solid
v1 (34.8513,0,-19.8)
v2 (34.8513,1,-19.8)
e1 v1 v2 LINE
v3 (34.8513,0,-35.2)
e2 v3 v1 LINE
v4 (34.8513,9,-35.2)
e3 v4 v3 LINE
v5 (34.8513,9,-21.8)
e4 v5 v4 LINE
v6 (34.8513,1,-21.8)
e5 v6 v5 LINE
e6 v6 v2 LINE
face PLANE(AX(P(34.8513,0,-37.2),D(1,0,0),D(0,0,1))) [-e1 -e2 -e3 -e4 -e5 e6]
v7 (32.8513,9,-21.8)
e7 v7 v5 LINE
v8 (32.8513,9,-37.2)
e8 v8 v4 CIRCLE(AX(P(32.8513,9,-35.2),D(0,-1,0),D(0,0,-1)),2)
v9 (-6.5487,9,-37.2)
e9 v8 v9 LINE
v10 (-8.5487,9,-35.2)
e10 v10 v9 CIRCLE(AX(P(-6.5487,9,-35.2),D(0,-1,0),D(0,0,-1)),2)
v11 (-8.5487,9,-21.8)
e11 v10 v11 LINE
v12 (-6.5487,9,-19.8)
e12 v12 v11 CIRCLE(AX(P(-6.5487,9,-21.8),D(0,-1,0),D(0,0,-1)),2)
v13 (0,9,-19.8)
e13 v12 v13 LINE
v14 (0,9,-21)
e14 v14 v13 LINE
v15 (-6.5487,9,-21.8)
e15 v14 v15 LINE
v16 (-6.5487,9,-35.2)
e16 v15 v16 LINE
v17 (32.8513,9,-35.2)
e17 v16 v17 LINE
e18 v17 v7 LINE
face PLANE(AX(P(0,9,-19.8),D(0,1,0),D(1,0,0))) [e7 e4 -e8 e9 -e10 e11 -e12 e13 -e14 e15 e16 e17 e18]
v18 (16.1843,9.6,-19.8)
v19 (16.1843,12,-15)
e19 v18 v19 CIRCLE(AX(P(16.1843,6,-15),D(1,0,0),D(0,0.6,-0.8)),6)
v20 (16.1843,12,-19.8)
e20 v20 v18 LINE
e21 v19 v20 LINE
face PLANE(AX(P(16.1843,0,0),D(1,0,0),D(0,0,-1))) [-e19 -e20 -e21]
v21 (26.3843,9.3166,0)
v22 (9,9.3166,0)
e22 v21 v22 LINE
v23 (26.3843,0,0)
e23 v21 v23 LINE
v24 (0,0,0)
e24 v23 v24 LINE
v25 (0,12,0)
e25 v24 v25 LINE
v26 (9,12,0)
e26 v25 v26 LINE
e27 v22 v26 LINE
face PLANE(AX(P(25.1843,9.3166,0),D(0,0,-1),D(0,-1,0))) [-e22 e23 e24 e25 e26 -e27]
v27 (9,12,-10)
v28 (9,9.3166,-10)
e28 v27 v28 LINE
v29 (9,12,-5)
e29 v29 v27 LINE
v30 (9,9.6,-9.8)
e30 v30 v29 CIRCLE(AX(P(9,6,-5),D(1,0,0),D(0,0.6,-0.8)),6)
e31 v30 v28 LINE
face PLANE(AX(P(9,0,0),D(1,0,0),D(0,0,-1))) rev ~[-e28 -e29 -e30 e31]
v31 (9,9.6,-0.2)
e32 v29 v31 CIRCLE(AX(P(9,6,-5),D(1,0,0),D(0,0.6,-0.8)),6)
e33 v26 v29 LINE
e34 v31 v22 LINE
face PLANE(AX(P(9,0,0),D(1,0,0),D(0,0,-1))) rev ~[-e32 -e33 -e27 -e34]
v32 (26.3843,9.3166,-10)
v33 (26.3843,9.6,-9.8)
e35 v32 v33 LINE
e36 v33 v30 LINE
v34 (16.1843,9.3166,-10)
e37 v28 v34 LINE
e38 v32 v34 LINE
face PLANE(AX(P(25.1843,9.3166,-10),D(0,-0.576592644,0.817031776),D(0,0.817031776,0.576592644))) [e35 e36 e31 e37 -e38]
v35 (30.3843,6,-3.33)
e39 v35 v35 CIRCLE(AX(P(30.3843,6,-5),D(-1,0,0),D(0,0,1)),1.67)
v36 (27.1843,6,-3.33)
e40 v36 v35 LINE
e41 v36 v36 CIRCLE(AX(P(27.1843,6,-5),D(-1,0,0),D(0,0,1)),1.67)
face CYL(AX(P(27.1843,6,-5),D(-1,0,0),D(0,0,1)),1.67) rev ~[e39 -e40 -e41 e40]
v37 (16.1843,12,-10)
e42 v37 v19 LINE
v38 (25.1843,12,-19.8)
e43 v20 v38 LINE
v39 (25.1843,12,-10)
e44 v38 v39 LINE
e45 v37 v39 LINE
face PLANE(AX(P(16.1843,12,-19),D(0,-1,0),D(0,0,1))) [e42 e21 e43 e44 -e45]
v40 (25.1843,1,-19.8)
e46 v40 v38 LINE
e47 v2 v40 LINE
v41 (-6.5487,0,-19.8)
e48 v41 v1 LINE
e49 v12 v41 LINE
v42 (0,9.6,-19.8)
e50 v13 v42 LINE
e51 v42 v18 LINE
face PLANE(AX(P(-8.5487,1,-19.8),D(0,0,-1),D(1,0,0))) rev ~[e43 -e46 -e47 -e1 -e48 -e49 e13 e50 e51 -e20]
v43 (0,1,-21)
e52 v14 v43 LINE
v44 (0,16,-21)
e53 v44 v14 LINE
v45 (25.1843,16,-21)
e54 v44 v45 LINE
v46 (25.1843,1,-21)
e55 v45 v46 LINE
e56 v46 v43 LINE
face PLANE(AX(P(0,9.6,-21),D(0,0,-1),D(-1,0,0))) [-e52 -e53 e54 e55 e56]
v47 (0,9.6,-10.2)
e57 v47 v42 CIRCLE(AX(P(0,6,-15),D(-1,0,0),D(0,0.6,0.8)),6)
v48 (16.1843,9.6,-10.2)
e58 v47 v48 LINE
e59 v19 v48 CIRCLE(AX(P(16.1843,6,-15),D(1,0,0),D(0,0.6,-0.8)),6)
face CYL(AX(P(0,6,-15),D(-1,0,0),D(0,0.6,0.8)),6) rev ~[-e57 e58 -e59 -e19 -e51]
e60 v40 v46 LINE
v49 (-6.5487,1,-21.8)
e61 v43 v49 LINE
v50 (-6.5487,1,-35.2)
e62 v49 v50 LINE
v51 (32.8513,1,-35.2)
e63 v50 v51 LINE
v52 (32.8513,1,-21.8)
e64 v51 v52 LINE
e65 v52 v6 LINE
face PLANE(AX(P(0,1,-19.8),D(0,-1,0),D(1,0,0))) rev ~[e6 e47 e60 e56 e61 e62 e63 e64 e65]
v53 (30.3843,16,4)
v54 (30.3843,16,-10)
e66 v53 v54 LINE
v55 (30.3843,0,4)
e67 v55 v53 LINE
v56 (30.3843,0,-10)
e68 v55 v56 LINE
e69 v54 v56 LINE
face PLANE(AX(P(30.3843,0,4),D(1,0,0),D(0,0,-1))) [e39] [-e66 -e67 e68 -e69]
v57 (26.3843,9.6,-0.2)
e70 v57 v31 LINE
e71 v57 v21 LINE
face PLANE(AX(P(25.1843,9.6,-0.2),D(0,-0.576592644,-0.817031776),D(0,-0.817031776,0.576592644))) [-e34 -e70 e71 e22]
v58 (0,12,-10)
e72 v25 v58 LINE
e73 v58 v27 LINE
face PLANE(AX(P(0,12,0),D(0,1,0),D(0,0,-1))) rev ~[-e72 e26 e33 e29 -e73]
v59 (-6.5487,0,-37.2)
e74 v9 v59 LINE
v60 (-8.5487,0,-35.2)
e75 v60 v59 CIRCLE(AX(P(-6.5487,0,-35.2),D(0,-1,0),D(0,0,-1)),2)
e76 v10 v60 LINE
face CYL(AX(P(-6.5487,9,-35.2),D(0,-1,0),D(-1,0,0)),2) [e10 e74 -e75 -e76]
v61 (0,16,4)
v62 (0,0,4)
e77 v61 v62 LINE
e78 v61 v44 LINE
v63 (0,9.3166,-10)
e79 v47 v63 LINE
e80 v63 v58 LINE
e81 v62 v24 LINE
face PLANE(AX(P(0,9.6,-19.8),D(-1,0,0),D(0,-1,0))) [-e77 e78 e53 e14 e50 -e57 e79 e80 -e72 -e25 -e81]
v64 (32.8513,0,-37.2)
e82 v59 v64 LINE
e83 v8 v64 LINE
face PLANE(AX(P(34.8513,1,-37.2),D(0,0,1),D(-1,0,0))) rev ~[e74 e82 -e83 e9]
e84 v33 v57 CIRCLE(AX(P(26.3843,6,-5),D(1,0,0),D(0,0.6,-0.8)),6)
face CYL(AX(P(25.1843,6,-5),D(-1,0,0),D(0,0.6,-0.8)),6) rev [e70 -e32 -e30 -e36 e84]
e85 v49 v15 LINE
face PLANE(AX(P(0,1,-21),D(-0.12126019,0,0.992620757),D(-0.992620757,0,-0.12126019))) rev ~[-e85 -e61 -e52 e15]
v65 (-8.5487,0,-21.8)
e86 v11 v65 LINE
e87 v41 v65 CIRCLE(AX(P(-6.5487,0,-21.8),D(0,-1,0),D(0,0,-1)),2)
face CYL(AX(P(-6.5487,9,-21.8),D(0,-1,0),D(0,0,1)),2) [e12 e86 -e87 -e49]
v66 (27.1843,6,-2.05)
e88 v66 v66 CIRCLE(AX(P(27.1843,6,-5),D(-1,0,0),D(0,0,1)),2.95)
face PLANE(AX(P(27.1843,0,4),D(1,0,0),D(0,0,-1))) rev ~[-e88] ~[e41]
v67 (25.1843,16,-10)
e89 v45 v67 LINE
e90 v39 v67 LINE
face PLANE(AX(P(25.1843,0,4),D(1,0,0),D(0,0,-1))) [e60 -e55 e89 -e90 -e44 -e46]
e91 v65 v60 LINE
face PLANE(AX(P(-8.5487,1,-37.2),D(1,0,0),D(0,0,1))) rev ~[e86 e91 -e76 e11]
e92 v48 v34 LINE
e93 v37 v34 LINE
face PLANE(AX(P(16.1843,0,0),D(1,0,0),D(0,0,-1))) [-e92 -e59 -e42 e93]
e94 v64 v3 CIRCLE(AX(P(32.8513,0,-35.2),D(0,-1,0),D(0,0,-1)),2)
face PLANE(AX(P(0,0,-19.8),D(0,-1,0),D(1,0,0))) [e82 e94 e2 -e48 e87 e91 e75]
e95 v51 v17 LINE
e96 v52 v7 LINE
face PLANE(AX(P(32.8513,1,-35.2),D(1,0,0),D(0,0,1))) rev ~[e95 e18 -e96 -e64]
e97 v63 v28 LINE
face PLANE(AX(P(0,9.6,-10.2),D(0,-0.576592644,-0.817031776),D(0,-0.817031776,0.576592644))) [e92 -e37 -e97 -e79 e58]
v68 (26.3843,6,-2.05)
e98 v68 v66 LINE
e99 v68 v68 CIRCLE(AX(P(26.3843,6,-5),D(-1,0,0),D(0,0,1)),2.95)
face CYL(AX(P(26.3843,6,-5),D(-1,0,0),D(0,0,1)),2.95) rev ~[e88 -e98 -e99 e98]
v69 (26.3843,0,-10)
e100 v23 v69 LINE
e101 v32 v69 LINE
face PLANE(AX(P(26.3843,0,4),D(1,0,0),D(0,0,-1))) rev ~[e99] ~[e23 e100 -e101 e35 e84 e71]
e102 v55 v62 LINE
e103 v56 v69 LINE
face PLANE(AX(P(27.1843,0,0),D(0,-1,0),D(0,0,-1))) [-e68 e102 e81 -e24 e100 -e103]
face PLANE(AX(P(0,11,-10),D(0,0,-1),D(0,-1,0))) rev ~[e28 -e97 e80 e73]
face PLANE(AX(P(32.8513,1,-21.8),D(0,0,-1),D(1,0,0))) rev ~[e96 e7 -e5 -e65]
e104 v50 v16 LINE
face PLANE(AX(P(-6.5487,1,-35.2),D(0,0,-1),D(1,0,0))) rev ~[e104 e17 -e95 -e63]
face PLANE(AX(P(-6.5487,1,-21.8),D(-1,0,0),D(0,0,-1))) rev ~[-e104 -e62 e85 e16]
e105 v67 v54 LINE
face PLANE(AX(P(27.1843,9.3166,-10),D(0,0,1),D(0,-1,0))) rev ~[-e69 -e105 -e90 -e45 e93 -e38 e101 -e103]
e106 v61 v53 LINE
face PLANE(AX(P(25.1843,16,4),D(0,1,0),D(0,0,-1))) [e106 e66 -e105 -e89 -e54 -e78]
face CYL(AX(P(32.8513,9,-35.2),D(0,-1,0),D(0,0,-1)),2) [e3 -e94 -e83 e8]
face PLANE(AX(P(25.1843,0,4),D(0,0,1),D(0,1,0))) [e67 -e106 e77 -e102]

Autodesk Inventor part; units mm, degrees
sketch "Szkic1" plane through (0, 0, 0) normal (1, 0, 0) x (0, 1, 0)
  line L0 (0, 0) -> (12, 0)
  line L1 (12, 0) -> (12, -10)
  line L2 (16, -10) -> (16, 4)
  line L3 (16, 4) -> (0, 4)
  line L4 (0, 4) -> (0, 0)
  line L5 (12, -10) -> (16, -10)
  dimension "d0" = 12
  dimension "d1" = 10
  dimension "d2" = 4
extrude "Wyciągnięcie proste1" add sketch "Szkic1" along normal blind 9
sketch "Szkic2" plane through (0, 0, 0) normal (-1, 0, 0) x (0, 0, 1)
  arc A0 (-10.2, 9.6) -> (-19.8, 9.6) centre (-15, 6) ccw projected
  line L0 (-10, 12) -> (-10, 16) projected
  line L1 (-10, 12) -> (-10.2, 12)
  line L2 (-10.2, 12) -> (-10.2, 9.6)
  line L3 (-10, 11) -> (-10, 1) projected
  line L4 (-10, 11) -> (-10, 12)
  line L5 (-10.2, 9.6) -> (-10, 9.3166)
  line L6 (-19.8, 9.6) -> (-19.8, 16)
  line L7 (-10, 16) -> (4, 16) projected
  line L8 (-19.8, 16) -> (-10, 16)
  point P0 (0, 0)
extrude "Wyciągnięcie proste2" add sketch "Szkic2" against normal up to surface (9 mm away)
sketch "Szkic3" plane through (9, 0, 0) normal (1, 0, 0) x (0, 0, -1)
  line L0 (0, 12) -> (10, 12) projected
  line L1 (10, 9.3166) -> (10, 12) projected
  line L2 (10.2, 9.6) -> (10, 9.3166) projected
  arc A0 (19.8, 9.6) -> (10.2, 9.6) centre (15, 6) ccw projected
  line L3 (19.8, 16) -> (19.8, 9.6) projected
  line L4 (-4, 16) -> (19.8, 16) projected
  line L5 (-4, 16) -> (-4, 0) projected
  line L6 (-4, 0) -> (0, 0) projected
  line L7 (0, 0) -> (0, 12) projected
  arc A1 (9.8, 9.6) -> (0.2, 9.6) centre (5, 6) ccw projected
  line L8 (9.8, 9.6) -> (10, 9.3166)
  line L9 (0.2, 9.6) -> (0, 9.3166)
ref_plane "Płaszczyzna konstrukcyjna1" through (16.1843, 0, -20) normal (-1, 0, 0) x (0, 0, 1)
extrude "Wyciągnięcie proste3" add sketch "Szkic3" along normal up to surface (7.1843 mm away)
sketch "Szkic4" plane through (16.1843, 0, 4) normal (1, 0, 0) x (0, 0, -1)
  line L0 (23, 12) -> (15, 12) projected
  arc A0 (13.8, 9.6) -> (4.2, 9.6) centre (9, 6) ccw projected
  line L1 (13.8, 9.6) -> (14, 9.3166) projected
  line L2 (14, 9.3166) -> (14.2, 9.6) projected
  arc A1 (23.8, 9.6) -> (14.2, 9.6) centre (19, 6) ccw projected
  line L3 (23.8, 9.6) -> (23.8, 16) projected
  line L4 (23.8, 16) -> (0, 16) projected
  line L5 (0, 16) -> (0, 0) projected
  line L6 (0, 0) -> (4, 0) projected
  line L7 (4, 0) -> (4, 9.3166) projected
  line L8 (4, 9.3166) -> (4.2, 9.6) projected
  line L9 (23, 12) -> (23.8, 12)
  line L10 (23.8, 9.6) -> (23.8, 16) projected
  line L11 (14, 11) -> (14, 1) projected
  line L12 (15, 12) -> (14, 12)
  line L13 (14, 12) -> (14, 11)
  point P0 (4, 0)
ref_plane "Płaszczyzna konstrukcyjna2" through (25.1843, 0, -20) normal (1, 0, 0) x (0, 1, 0)
extrude "Wyciągnięcie proste4" add sketch "Szkic4" along normal up to surface (9 mm away) contours L0 L12 L13 L11 L1 A0 L8 L7 L6 L5 L4 L3 L9
sketch "Szkic5" plane through (0, 9.6, -19.8) normal (0, 0, -1) x (-1, 0, 0)
  line L0 (0, 0) -> (-16.1843, 0) projected
  line L1 (0, 6.4) -> (0, 0) projected
  line L2 (0, 6.4) -> (-25.1843, 6.4) projected
  line L3 (-25.1843, 6.4) -> (-25.1843, 2.4) projected
  line L4 (-16.1843, 2.4) -> (-25.1843, 2.4) projected
  line L5 (-16.1843, 0) -> (-16.1843, 2.4) projected
  line L6 (0, -9.6) -> (-25.1843, -9.6) projected
  line L7 (0, 6.4) -> (-25.1843, 6.4) projected
  line L8 (-25.1843, 6.4) -> (0, 6.4)
  line L9 (0, 6.4) -> (0, -9.6)
  line L10 (0, -9.6) -> (-25.1843, -9.6)
  line L11 (-25.1843, -9.6) -> (-25.1843, 6.4)
ref_plane "Płaszczyzna konstrukcyjna3" through (-5.8487, 1.5, -21) normal (0, 0, 1) x (1, 0, 0)
extrude "Wyciągnięcie proste5" add sketch "Szkic5" along normal up to surface (1.2 mm away)
sketch "Szkic6" plane through (0, 0, -19.8) normal (0, -1, 0) x (1, 0, 0)
  line L0 (32.6513, -1.7) -> (32.6513, -14.7) projected
  line L1 (32.1513, -15.2) -> (-5.8487, -15.2) projected
  line L2 (-5.8487, -1.2) -> (32.1513, -1.2) projected
  line L3 (-6.3487, -14.7) -> (-6.3487, -1.7) projected
  line L4 (32.6513, -1.2) -> (-6.3487, -1.2)
  line L5 (-6.3487, -1.2) -> (-6.3487, -15.2)
  line L6 (-6.3487, -15.2) -> (32.6513, -15.2)
  line L7 (32.6513, -15.2) -> (32.6513, -1.2)
  line L8 (-6.5487, -1) -> (32.8513, -1)
  line L9 (32.8513, -1) -> (32.8513, -15.4)
  line L10 (32.8513, -15.4) -> (-6.5487, -15.4)
  line L11 (-6.5487, -15.4) -> (-6.5487, -1)
  line L12 (34.8513, 1) -> (-8.5487, 1)
  line L13 (-8.5487, 1) -> (-8.5487, -17.4)
  line L14 (-8.5487, -17.4) -> (34.8513, -17.4)
  line L15 (34.8513, -17.4) -> (34.8513, 1)
  line L16 (16.1843, 0) -> (25.1843, 0) projected
  line L17 (25.1843, 0) -> (25.1843, -1.2) projected
  line L18 (25.1843, 0) -> (34.8513, 0)
  line L19 (32.8513, -1) -> (32.8513, 1)
  line L20 (25.1843, 0) -> (0, 0) projected
  line L21 (0, 0) -> (-8.5487, 0)
  line L22 (-6.5487, -1) -> (-6.5487, 1)
  point P0 (0, 19.8)
  dimension "d13" = 0.2
  dimension "d14" = 2
extrude "Wyciągnięcie proste6" add sketch "Szkic6" against normal blind 1 contours L8 L9 L10 L11 | L8 L22 L21 L20 L16 L17 | L17 L18 L19 L8 | L0 L7 L6 L1 L5 L3 L4 L2 | L11 L10 L9 L19 L18 L15 L14 L13 L21 L22
sketch "Szkic7" plane through (0, 1, -19.8) normal (0, 1, 0) x (1, 0, 0)
  line L0 (0, 1.2) -> (0, 0) projected
  line L1 (25.1843, 1.2) -> (0, 1.2) projected
  line L2 (25.1843, 0) -> (25.1843, 1.2) projected
  line L3 (25.1843, 0) -> (34.8513, 0) projected
  line L4 (34.8513, 0) -> (34.8513, 17.4) projected
  line L5 (34.8513, 17.4) -> (-8.5487, 17.4) projected
  line L6 (-8.5487, 17.4) -> (-8.5487, 0) projected
  line L7 (-8.5487, 0) -> (0, 0) projected
  line L8 (32.8513, 15.4) -> (32.8513, 2)
  line L9 (-2, 2) -> (-6.5487, 2)
  line L10 (-6.5487, 2) -> (-6.5487, 15.4)
  line L11 (-6.5487, 15.4) -> (32.8513, 15.4)
  line L12 (0, 1.2) -> (-6.5487, 2)
  line L13 (32.8513, 2) -> (34.8513, 2)
  line L14 (34.8513, 0) -> (34.8513, 17.4) projected
  point P0 (0, -19.8)
  point P1 (34.8513, 2)
  dimension "d17" = 2
extrude "Wyciągnięcie proste7" add sketch "Szkic7" along normal blind 8 contours L0 L7 L6 L5 L4 L13 L8 L11 L10 L12
fillet "Zaokrąglenie1" radius 2 3 edges at (34.8513, 4.5, -37.2) (-8.5487, 4.5, -37.2) (-8.5487, 4.5, -19.8)
sketch "Szkic8" plane through (25.1843, 0, 4) normal (1, 0, 0) x (0, 0, -1)
  line L0 (23.8, 1) -> (25, 1) projected
  line L1 (25, 16) -> (25, 1) projected
  line L2 (0, 16) -> (25, 16) projected
  line L3 (0, 0) -> (0, 16) projected
  line L4 (4, 0) -> (0, 0) projected
  line L5 (4, 9.3166) -> (4, 0) projected
  line L6 (4.2, 9.6) -> (4, 9.3166) projected
  arc A0 (13.8, 9.6) -> (4.2, 9.6) centre (9, 6) ccw projected
  line L7 (14, 9.3166) -> (13.8, 9.6) projected
  line L8 (14, 12) -> (14, 9.3166) projected
  line L9 (23.8, 12) -> (14, 12) projected
  line L10 (23.8, 12) -> (23.8, 1) projected
  line L11 (23.8, 12) -> (14, 12) projected
  line L12 (14, 12) -> (14, 16)
  line L13 (0, 16) -> (25, 16) projected
  point P0 (4, 0)
  point P1 (14, 16)
ref_plane "Płaszczyzna konstrukcyjna4" through (27.1843, 3.25, -7.75) normal (1, 0, 0) x (0, 1, 0)
extrude "Wyciągnięcie proste8" add sketch "Szkic8" along normal up to surface (2 mm away) contours L8 L7 A0 L6 L5 L4 L3 L2 L12
sketch "Szkic9" plane through (27.1843, 0, 4) normal (1, 0, 0) x (0, 0, -1)
  circle A0 centre (9, 6) radius 2.75 projected
  arc A1 (13.8, 9.6) -> (4.2, 9.6) centre (9, 6) ccw projected
  line L0 (14, 9.3166) -> (14, 0)
  line L1 (4, 9.3166) -> (4, 0) projected
  line L2 (4.2, 9.6) -> (4, 9.3166) projected
  line L3 (4, 0) -> (14, 0)
  line L4 (14, 9.3166) -> (13.8, 9.6) projected
extrude "Wyciągnięcie proste9" add sketch "Szkic9" against normal blind 0.8
sketch "Szkic10" plane through (27.1843, 0, 4) normal (1, 0, 0) x (0, 0, -1)
  circle A0 centre (9, 6) radius 1.47 projected
  circle A1 centre (9, 6) radius 2.75 projected
  line L0 (0, 0) -> (0, 16) projected
  line L1 (0, 0) -> (14, 0) projected
  line L2 (14, 16) -> (14, 0) projected
  line L3 (0, 16) -> (14, 16) projected
  point P0 (4, 0)
extrude "Wyciągnięcie proste10" add sketch "Szkic10" along normal blind 3.2 contours A1 | L0 L3 L2 L1
sketch "Szkic11" plane through (26.3843, 0, 4) normal (-1, 0, 0) x (0, 0, 1)
  circle A0 centre (-9, 6) radius 2.75 projected
  circle A1 centre (-9, 6) radius 2.95
  point P0 (-4, 0)
  dimension "d27" = 0.2
extrude "Wyciągnięcie proste11" cut sketch "Szkic11" against normal up to surface (0.8 mm away) contours A0 | A1
sketch "Szkic12" plane through (27.1843, 6, -5) normal (-1, 0, 0) x (0, 0, 1)
  circle A0 centre (0, 0) radius 1.47 projected
  circle A1 centre (0, 0) radius 1.67
  point P0 (5, -6)
  dimension "d30" = 0.2
extrude "Wyciągnięcie proste12" cut sketch "Szkic12" against normal through all contours A0 | A1
properties part number "montaz_silniki"
